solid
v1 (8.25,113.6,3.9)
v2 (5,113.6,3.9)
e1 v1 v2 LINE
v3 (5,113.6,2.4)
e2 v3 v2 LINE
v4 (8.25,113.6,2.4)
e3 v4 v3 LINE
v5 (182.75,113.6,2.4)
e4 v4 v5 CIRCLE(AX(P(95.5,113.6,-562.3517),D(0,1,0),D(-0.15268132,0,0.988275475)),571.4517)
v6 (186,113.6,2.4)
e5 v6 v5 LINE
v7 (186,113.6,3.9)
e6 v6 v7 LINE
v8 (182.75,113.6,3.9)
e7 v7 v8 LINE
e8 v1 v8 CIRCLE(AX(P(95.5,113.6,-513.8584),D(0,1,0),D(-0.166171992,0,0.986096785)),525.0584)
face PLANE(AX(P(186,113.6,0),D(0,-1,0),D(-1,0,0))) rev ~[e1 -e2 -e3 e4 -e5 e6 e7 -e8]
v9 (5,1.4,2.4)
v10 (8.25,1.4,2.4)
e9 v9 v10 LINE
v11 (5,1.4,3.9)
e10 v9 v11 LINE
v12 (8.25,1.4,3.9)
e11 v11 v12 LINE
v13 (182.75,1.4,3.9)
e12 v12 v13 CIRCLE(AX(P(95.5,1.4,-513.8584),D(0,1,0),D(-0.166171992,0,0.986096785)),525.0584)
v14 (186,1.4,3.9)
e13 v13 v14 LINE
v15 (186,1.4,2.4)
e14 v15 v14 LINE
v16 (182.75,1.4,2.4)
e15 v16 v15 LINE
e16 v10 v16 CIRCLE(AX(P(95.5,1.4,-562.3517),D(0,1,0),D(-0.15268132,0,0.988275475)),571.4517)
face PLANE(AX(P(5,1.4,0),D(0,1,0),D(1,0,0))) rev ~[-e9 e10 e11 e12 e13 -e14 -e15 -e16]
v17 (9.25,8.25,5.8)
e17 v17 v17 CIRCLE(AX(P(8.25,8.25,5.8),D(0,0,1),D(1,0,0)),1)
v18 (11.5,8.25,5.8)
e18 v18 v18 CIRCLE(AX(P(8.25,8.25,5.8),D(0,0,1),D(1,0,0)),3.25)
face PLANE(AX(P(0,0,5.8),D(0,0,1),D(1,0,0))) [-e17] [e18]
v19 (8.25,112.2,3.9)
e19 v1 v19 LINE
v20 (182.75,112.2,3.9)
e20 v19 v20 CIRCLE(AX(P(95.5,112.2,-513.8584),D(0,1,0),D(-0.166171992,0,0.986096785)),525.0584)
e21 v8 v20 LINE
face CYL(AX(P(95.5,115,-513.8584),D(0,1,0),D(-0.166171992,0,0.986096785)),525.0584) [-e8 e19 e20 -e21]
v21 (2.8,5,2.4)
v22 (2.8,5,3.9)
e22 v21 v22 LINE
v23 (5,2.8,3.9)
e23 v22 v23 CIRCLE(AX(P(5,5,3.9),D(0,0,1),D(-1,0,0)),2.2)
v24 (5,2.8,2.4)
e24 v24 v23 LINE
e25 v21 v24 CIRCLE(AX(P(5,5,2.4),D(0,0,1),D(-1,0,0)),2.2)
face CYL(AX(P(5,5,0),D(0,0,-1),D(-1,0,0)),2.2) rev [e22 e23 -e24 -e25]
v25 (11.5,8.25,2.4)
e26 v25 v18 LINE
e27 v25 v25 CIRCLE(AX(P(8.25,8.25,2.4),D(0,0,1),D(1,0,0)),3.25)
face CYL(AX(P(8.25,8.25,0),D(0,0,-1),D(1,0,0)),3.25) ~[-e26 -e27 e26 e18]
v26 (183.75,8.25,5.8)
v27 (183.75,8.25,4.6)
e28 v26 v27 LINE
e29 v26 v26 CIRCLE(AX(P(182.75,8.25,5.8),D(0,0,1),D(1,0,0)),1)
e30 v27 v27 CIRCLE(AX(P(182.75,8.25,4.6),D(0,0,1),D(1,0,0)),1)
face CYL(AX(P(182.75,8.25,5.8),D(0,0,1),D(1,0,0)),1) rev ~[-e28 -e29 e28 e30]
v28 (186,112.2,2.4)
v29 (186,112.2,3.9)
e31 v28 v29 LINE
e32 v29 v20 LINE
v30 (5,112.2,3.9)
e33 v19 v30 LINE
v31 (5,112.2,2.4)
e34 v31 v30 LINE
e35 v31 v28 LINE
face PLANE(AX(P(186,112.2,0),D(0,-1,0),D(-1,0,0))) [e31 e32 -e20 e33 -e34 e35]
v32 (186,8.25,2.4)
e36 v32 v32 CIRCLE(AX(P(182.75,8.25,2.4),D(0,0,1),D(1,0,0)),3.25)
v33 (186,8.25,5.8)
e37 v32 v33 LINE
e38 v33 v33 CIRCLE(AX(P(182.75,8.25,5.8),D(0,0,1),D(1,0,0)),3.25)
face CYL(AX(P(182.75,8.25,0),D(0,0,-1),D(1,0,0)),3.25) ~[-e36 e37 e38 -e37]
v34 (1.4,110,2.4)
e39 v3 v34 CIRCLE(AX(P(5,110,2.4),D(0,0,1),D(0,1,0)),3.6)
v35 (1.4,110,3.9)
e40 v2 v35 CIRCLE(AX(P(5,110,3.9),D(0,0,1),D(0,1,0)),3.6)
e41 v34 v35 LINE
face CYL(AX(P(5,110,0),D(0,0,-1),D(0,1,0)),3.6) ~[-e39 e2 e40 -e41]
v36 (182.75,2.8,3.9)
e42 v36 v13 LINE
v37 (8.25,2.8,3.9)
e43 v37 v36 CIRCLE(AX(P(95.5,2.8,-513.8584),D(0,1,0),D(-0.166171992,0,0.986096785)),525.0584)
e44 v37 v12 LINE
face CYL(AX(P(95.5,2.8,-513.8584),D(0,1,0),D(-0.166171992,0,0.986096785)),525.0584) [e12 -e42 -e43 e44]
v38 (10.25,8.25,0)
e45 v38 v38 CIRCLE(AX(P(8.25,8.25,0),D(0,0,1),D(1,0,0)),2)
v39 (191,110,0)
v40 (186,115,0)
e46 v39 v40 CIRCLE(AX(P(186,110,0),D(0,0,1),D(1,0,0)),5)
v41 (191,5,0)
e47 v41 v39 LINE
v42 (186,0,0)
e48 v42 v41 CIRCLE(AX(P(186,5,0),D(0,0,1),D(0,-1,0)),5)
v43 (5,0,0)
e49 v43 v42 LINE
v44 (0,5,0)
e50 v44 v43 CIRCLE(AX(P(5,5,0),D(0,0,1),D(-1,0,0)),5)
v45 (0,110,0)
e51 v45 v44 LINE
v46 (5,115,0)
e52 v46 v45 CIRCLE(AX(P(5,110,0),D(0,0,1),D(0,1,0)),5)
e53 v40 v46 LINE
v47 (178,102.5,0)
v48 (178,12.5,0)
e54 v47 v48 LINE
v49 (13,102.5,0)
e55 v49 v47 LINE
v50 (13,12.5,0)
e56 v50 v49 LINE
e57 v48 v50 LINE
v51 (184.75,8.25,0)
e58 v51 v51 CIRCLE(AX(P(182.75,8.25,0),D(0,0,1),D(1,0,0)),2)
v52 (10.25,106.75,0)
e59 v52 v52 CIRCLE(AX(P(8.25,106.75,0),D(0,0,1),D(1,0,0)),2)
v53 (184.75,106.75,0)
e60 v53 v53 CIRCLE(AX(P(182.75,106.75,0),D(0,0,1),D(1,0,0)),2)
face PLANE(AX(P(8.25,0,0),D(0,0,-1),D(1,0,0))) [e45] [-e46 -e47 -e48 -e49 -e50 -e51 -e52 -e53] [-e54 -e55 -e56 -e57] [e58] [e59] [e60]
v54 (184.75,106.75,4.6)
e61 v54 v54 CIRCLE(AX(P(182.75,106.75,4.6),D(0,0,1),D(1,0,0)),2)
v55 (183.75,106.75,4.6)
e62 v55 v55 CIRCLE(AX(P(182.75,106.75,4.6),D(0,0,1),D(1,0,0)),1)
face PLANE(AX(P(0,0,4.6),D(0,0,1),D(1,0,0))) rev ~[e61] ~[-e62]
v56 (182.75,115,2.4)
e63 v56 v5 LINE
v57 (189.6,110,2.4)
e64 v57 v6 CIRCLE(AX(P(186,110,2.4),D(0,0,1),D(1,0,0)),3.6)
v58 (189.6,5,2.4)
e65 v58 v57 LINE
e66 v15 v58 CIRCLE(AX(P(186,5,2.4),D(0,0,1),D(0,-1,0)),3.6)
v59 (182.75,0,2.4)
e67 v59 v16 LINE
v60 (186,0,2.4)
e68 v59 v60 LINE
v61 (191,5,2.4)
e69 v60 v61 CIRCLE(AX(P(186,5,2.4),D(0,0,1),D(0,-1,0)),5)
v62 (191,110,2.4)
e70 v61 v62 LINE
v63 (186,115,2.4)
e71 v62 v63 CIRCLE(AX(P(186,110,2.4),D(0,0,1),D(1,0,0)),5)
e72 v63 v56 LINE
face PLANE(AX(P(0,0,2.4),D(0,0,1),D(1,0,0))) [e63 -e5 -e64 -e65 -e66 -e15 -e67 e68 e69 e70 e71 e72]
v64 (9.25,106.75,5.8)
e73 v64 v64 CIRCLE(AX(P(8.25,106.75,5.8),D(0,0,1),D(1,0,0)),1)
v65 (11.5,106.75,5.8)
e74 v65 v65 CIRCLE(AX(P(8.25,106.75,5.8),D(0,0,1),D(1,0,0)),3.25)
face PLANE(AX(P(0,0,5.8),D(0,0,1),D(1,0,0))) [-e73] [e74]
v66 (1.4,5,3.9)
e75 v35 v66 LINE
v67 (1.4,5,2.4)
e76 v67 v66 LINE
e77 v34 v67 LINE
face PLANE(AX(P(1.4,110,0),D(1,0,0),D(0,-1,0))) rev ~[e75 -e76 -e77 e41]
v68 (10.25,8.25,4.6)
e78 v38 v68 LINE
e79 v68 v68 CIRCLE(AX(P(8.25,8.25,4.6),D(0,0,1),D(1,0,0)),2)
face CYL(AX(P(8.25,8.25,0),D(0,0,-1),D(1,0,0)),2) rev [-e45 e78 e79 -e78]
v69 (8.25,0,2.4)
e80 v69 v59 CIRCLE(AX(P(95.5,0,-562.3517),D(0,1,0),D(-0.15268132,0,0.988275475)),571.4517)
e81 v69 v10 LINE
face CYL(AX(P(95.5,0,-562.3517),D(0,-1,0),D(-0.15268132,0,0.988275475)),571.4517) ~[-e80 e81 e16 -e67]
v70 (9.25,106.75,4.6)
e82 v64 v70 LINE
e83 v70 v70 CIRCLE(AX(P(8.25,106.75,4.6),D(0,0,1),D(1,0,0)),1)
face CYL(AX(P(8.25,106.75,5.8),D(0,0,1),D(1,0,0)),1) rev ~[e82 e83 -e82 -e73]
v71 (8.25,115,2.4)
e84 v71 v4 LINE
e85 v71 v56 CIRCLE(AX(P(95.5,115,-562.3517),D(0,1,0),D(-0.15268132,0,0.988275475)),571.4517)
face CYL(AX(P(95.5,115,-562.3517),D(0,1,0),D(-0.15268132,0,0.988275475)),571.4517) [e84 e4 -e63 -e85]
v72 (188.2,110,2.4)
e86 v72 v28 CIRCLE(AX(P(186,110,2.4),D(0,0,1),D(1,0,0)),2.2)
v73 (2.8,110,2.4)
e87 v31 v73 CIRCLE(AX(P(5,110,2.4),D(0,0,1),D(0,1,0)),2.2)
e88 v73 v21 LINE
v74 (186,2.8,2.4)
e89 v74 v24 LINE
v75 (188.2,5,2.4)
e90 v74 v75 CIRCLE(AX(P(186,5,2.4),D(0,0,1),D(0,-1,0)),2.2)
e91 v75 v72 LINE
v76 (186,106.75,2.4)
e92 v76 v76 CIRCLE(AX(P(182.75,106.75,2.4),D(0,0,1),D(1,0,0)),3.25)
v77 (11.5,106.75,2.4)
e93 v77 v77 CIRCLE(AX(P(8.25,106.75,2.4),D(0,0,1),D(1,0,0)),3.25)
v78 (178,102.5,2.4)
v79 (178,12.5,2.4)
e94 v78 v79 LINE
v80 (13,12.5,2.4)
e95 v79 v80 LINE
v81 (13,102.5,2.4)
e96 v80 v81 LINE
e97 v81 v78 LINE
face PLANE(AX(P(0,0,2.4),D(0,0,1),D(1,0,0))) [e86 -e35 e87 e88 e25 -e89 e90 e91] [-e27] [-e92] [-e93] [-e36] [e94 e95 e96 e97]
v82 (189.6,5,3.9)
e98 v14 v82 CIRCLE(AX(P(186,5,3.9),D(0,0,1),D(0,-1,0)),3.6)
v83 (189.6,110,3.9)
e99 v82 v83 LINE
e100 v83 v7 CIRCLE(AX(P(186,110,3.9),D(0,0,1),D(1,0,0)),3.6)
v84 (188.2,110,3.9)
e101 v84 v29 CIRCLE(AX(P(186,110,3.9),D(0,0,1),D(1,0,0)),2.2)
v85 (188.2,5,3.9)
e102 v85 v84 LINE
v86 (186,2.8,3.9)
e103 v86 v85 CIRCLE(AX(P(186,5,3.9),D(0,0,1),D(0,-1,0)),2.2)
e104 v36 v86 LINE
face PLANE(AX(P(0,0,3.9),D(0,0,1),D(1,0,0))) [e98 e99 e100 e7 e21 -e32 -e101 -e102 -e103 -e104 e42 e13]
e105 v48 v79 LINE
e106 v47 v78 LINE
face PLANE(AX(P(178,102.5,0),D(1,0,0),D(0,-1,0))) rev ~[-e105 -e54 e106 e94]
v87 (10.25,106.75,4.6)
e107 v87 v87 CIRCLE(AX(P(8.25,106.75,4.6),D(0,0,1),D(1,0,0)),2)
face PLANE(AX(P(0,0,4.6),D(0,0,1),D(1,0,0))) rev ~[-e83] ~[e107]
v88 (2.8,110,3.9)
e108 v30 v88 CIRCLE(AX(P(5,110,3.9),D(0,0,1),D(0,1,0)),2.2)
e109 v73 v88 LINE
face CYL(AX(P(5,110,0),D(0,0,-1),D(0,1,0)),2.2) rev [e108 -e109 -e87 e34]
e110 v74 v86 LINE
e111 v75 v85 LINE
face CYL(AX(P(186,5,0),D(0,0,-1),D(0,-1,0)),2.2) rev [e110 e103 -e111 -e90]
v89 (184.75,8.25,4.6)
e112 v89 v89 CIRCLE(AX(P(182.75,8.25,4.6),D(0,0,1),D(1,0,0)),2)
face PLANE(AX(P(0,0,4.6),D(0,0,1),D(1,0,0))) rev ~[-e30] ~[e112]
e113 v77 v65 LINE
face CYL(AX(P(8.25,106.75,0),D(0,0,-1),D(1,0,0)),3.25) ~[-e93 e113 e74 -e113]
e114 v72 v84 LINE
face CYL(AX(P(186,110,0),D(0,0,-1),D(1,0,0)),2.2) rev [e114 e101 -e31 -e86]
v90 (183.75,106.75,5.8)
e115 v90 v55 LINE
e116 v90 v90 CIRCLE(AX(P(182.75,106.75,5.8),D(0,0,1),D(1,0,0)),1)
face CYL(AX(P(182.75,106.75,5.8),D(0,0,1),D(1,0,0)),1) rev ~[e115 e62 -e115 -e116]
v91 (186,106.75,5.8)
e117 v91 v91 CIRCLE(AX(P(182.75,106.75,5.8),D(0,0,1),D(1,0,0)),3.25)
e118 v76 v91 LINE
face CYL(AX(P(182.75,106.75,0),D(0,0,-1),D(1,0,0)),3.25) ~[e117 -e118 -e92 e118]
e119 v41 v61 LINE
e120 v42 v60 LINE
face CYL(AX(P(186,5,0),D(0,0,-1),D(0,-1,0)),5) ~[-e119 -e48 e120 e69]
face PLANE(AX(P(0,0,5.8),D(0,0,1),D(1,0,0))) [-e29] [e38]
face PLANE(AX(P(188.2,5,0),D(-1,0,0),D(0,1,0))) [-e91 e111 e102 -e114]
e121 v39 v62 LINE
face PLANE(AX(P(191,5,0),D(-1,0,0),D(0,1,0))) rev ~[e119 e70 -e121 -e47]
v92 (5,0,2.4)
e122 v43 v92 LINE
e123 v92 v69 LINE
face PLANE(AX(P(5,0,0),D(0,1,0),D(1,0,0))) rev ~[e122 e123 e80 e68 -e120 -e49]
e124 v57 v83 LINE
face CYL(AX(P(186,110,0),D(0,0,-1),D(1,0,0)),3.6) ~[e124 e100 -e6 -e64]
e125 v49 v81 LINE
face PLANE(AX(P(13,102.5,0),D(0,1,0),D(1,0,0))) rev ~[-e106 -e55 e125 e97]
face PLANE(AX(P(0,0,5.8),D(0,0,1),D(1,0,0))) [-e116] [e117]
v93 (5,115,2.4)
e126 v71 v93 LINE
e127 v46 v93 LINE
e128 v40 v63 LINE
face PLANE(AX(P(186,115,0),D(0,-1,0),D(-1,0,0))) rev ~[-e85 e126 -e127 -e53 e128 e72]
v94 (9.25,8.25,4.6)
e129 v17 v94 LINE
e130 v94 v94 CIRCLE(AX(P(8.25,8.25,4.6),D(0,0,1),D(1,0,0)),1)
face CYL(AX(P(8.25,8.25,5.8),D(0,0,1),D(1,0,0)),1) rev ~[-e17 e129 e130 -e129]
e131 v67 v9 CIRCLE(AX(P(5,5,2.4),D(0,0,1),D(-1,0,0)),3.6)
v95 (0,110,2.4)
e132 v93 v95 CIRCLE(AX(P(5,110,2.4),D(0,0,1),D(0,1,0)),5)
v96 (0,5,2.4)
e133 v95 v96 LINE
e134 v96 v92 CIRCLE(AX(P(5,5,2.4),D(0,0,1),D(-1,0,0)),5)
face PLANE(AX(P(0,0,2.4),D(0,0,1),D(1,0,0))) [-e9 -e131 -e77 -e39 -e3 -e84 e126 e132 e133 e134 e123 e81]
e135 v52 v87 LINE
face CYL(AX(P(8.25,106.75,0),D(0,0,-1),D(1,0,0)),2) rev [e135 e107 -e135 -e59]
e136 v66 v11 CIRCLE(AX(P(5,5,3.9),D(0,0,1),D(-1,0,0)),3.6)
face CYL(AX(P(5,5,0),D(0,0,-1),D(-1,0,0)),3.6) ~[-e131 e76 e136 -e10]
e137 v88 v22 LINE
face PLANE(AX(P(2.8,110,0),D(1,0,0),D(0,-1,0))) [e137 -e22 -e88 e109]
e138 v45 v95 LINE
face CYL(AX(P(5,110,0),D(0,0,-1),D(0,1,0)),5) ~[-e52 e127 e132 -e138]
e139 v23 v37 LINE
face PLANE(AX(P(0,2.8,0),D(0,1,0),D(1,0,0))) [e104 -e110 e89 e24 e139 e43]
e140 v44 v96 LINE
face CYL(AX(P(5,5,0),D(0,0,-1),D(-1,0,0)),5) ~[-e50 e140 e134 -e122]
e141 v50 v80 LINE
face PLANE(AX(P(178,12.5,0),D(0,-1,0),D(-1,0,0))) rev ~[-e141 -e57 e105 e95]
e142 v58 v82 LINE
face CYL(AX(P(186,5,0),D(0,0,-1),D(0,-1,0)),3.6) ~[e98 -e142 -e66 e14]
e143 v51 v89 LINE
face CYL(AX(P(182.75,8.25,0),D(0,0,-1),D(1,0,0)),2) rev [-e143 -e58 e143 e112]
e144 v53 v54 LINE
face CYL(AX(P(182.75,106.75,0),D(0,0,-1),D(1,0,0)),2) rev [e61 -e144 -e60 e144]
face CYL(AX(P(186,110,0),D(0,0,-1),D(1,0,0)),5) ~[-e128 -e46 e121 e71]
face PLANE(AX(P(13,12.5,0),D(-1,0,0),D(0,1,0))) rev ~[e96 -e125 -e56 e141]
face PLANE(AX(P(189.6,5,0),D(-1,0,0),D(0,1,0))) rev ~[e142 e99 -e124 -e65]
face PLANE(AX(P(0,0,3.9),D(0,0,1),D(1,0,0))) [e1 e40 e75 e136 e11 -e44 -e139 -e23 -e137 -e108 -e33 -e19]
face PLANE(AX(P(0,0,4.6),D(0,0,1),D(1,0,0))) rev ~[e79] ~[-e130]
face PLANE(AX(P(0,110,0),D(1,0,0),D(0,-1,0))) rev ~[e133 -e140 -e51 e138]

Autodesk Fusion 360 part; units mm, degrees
sketch "sketch_ecran_base" plane through (0, 0, 0) normal (0, 0, 1) x (1, 0, 0)
  line L0 (5, 0) -> (186, 0)
  line L1 (191, 5) -> (191, 110)
  line L2 (186, 115) -> (5, 115)
  line L3 (0, 110) -> (0, 5)
  arc A0 (5, 115) -> (0, 110) centre (5, 110) ccw
  arc A1 (191, 110) -> (186, 115) centre (186, 110) ccw
  arc A2 (186, 0) -> (191, 5) centre (186, 5) ccw
  arc A3 (0, 5) -> (5, 0) centre (5, 5) ccw
  line L4 (6.5, 111.5) -> (184.5, 111.5)
  line L5 (187, 109) -> (187, 6)
  line L6 (184.5, 3.5) -> (6.5, 3.5)
  line L7 (4, 6) -> (4, 109)
  arc A4 (6.5, 111.5) -> (4, 109) centre (6.5, 109) ccw
  arc A5 (187, 109) -> (184.5, 111.5) centre (184.5, 109) ccw
  arc A6 (184.5, 3.5) -> (187, 6) centre (184.5, 6) ccw
  arc A7 (4, 6) -> (6.5, 3.5) centre (6.5, 6) ccw
  point P0 (191, 0)
  point P1 (0, 115)
  point P2 (4, 111.5)
  point P3 (187, 111.5)
  point P4 (4, 3.5)
  dimension "d1" = 191
  dimension "d2" = 115
  dimension "d3" = 5
  dimension "d4" = 5
  dimension "d5" = 183
  dimension "d6" = 108
  dimension "d7" = 2.5
  dimension "d8" = 2.5
  dimension "d9" = 4
  dimension "d10" = 3.5
extrude "Extrude1" add sketch "sketch_ecran_base" along normal blind 15 contours L0 L1 L2 L3 A0 A1 A2 A3 | L4 L5 L6 L7 A4 A5 A6 A7 makes body 1
extrude "Extrude2" add sketch "sketch_ecran_base" along normal blind 0.4 from surface at 15 contours L4 L5 L6 L7 A4 A5 A6 A7 bodies 1
sketch "sketch_ecran_sides" plane through (0, 0, 0) normal (0, -1, 0) x (1, 0, 0)
  line L0 (5, 0) -> (186, 0)
  line L1 (186, 0) -> (186, 15)
  line L2 (186, 15) -> (5, 15)
  line L3 (5, 15) -> (5, 0)
  line L4 (95.5, 15) -> (95.5, 7) construction
  arc A0 (186, 0) -> (5, 0) centre (95.5, -581.5179) ccw
  dimension "d16" = 8
extrude "Extrude3" cut sketch "sketch_ecran_sides" against normal blind 125 contours L0 A0 bodies 1
chamfer "Chamfer1" distance 1.3 distance2 1.8 8 edges at (0, 57.5, 15) (1.4645, 1.4645, 15) (95.5, 0, 15) (189.5355, 1.4645, 15) (191, 57.5, 15) (189.5355, 113.5355, 15) (95.5, 115, 15) (1.4645, 113.5355, 15) measured on face at (189.6667, 74.6667, 15) measured on face at (189.6667, 74.6667, 15) measured on face at (189.6667, 74.6667, 15) measured on face at (189.6667, 74.6667, 15) measured on face at (189.6667, 74.6667, 15) measured on face at (189.6667, 74.6667, 15) measured on face at (189.6667, 74.6667, 15) measured on face at (189.6667, 74.6667, 15) on bodies 1
sketch "sketch_backplate_base" plane through (0, 0, 0) normal (0, 0, 1) x (1, 0, 0)
  line L0 (5, 0) -> (186, 0)
  line L1 (191, 5) -> (191, 110)
  line L2 (186, 115) -> (5, 115)
  line L3 (0, 110) -> (0, 5)
  circle A0 centre (8.25, 106.75) radius 3.25
  circle A1 centre (8.25, 106.75) radius 2
  circle A2 centre (8.25, 106.75) radius 1
  line L4 (95.5, 115) -> (95.5, 0) construction
  line L5 (0, 57.5) -> (191, 57.5) construction
  circle A3 centre (182.75, 106.75) radius 3.25
  circle A4 centre (182.75, 106.75) radius 2
  circle A5 centre (182.75, 106.75) radius 1
  circle A6 centre (8.25, 8.25) radius 3.25
  circle A7 centre (8.25, 8.25) radius 2
  circle A8 centre (8.25, 8.25) radius 1
  circle A9 centre (182.75, 8.25) radius 3.25
  circle A10 centre (182.75, 8.25) radius 2
  circle A11 centre (182.75, 8.25) radius 1
  arc A12 (5, 115) -> (0, 110) centre (5, 110) ccw
  arc A13 (191, 110) -> (186, 115) centre (186, 110) ccw
  arc A14 (186, 0) -> (191, 5) centre (186, 5) ccw
  arc A15 (0, 5) -> (5, 0) centre (5, 5) ccw
  line L6 (1.4, 110) -> (1.4, 5)
  arc A16 (1.4, 5) -> (5, 1.4) centre (5, 5) ccw
  line L7 (5, 1.4) -> (186, 1.4)
  arc A17 (186, 1.4) -> (189.6, 5) centre (186, 5) ccw
  line L8 (189.6, 5) -> (189.6, 110)
  arc A18 (189.6, 110) -> (186, 113.6) centre (186, 110) ccw
  line L9 (186, 113.6) -> (5, 113.6)
  arc A19 (5, 113.6) -> (1.4, 110) centre (5, 110) ccw
  line L10 (5, 2.8) -> (186, 2.8)
  arc A20 (186, 2.8) -> (188.2, 5) centre (186, 5) ccw
  line L11 (188.2, 5) -> (188.2, 110)
  arc A21 (188.2, 110) -> (186, 112.2) centre (186, 110) ccw
  line L12 (186, 112.2) -> (5, 112.2)
  arc A22 (5, 112.2) -> (2.8, 110) centre (5, 110) ccw
  line L13 (2.8, 110) -> (2.8, 5)
  arc A23 (2.8, 5) -> (5, 2.8) centre (5, 5) ccw
  line L14 (13, 102.5) -> (178, 102.5)
  line L15 (178, 102.5) -> (178, 12.5)
  line L16 (178, 12.5) -> (13, 12.5)
  line L17 (13, 12.5) -> (13, 102.5)
  point P0 (191, 0)
  point P1 (0, 115)
  point P2 (13, 57.5)
  point P3 (178, 57.5)
  point P4 (95.5, 102.5)
  dimension "d21" = 191
  dimension "d22" = 115
  dimension "d23" = 6.5
  dimension "d24" = 8.25
  dimension "d25" = 8.25
  dimension "d26" = 4
  dimension "d27" = 2
  dimension "d28" = 5
  dimension "d29" = -1.4
  dimension "d30" = -2.8
  dimension "d57" = 165
  dimension "d58" = 90
sketch "sketch_backplate_side" plane through (0, 0, 0) normal (0, 1, 0) x (1, 0, 0)
  line L0 (0, 0) -> (191, 0)
  line L1 (95.5, 0) -> (95.5, -11.2) construction
  line L2 (0, 0) -> (0, -2.4)
  line L3 (0, -2.4) -> (8.25, -2.4)
  line L4 (8.25, 0) -> (8.25, -2.4)
  line L5 (0, -2.4) -> (0, -3.9)
  line L6 (0, -3.9) -> (8.25, -3.9)
  line L7 (8.25, -2.4) -> (8.25, -3.9)
  line L8 (191, -3.9) -> (182.75, -3.9)
  line L9 (191, -2.4) -> (182.75, -2.4)
  line L10 (191, 0) -> (191, -2.4)
  line L11 (191, -2.4) -> (191, -3.9)
  arc A0 (8.25, -2.4) -> (182.75, -2.4) centre (95.5, 562.3517) ccw
  arc A1 (8.25, -3.9) -> (182.75, -3.9) centre (95.5, 513.8584) ccw
  line L12 (182.75, 0) -> (182.75, -2.4)
  line L13 (182.75, -2.4) -> (182.75, -3.9)
  point P0 (8.25, 0)
  point P1 (182.75, 0)
  point P2 (95.5, -9.1)
  dimension "d31" = 191
  dimension "d32" = 8.25
  dimension "d33" = 11.2
  dimension "d34" = 2.4
  dimension "d35" = 1.5
  dimension "d36" = 9.1
extrude "Extrude4" add sketch "sketch_backplate_base" along normal blind 3.9 separate body contours L6 A16 L7 A17 L8 A18 L9 A19 makes body 2
extrude "Extrude5" add sketch "sketch_backplate_base" along normal blind 2.4 contours L0 L1 L2 L3 A12 A13 A14 A15 | L10 A20 L11 A21 L12 A22 L13 A23 bodies 2
extrude "Extrude6" add sketch "sketch_backplate_side" along normal blind 2.8 contours L0 L4 A0 L12 bodies 2
extrude "Extrude7" add sketch "sketch_backplate_side" against normal blind 1.4 from surface at 2.8 contours L7 A0 A1 L13 bodies 2
extrude "Extrude8" add sketch "sketch_backplate_side" against normal blind 2.8 from surface at 115 contours L0 L4 A0 L12 | L7 A0 A1 L13 bodies 2
extrude "Extrude9" cut sketch "sketch_backplate_side" against normal blind 1.4 from surface at 115 contours L7 A0 A1 L13 bodies 2
extrude "Extrude10" add sketch "sketch_backplate_base" along normal blind 5.8 contours A0 | A3 | A6 | A9 bodies 2
extrude "Extrude11" add sketch "sketch_backplate_base" against normal blind 1.2 from surface at 5.8 contours A1 | A4 | A7 | A10 bodies 2
hidden bodies 1
equation "d9 = ( ( 191 - 183 ) / 2 ) * 1 mm"
equation "d10 = ( ( 115 - 108 ) / 2 ) * 1 mm"
equation "d24 = 5 mm + ( ( 6.5 / 2 ) * 1 mm )"
equation "d25 = 5 mm + ( ( 6.5 / 2 ) * 1 mm )"
equation "d32 = 5 mm + ( ( 6.5 / 2 ) * 1 mm )"
